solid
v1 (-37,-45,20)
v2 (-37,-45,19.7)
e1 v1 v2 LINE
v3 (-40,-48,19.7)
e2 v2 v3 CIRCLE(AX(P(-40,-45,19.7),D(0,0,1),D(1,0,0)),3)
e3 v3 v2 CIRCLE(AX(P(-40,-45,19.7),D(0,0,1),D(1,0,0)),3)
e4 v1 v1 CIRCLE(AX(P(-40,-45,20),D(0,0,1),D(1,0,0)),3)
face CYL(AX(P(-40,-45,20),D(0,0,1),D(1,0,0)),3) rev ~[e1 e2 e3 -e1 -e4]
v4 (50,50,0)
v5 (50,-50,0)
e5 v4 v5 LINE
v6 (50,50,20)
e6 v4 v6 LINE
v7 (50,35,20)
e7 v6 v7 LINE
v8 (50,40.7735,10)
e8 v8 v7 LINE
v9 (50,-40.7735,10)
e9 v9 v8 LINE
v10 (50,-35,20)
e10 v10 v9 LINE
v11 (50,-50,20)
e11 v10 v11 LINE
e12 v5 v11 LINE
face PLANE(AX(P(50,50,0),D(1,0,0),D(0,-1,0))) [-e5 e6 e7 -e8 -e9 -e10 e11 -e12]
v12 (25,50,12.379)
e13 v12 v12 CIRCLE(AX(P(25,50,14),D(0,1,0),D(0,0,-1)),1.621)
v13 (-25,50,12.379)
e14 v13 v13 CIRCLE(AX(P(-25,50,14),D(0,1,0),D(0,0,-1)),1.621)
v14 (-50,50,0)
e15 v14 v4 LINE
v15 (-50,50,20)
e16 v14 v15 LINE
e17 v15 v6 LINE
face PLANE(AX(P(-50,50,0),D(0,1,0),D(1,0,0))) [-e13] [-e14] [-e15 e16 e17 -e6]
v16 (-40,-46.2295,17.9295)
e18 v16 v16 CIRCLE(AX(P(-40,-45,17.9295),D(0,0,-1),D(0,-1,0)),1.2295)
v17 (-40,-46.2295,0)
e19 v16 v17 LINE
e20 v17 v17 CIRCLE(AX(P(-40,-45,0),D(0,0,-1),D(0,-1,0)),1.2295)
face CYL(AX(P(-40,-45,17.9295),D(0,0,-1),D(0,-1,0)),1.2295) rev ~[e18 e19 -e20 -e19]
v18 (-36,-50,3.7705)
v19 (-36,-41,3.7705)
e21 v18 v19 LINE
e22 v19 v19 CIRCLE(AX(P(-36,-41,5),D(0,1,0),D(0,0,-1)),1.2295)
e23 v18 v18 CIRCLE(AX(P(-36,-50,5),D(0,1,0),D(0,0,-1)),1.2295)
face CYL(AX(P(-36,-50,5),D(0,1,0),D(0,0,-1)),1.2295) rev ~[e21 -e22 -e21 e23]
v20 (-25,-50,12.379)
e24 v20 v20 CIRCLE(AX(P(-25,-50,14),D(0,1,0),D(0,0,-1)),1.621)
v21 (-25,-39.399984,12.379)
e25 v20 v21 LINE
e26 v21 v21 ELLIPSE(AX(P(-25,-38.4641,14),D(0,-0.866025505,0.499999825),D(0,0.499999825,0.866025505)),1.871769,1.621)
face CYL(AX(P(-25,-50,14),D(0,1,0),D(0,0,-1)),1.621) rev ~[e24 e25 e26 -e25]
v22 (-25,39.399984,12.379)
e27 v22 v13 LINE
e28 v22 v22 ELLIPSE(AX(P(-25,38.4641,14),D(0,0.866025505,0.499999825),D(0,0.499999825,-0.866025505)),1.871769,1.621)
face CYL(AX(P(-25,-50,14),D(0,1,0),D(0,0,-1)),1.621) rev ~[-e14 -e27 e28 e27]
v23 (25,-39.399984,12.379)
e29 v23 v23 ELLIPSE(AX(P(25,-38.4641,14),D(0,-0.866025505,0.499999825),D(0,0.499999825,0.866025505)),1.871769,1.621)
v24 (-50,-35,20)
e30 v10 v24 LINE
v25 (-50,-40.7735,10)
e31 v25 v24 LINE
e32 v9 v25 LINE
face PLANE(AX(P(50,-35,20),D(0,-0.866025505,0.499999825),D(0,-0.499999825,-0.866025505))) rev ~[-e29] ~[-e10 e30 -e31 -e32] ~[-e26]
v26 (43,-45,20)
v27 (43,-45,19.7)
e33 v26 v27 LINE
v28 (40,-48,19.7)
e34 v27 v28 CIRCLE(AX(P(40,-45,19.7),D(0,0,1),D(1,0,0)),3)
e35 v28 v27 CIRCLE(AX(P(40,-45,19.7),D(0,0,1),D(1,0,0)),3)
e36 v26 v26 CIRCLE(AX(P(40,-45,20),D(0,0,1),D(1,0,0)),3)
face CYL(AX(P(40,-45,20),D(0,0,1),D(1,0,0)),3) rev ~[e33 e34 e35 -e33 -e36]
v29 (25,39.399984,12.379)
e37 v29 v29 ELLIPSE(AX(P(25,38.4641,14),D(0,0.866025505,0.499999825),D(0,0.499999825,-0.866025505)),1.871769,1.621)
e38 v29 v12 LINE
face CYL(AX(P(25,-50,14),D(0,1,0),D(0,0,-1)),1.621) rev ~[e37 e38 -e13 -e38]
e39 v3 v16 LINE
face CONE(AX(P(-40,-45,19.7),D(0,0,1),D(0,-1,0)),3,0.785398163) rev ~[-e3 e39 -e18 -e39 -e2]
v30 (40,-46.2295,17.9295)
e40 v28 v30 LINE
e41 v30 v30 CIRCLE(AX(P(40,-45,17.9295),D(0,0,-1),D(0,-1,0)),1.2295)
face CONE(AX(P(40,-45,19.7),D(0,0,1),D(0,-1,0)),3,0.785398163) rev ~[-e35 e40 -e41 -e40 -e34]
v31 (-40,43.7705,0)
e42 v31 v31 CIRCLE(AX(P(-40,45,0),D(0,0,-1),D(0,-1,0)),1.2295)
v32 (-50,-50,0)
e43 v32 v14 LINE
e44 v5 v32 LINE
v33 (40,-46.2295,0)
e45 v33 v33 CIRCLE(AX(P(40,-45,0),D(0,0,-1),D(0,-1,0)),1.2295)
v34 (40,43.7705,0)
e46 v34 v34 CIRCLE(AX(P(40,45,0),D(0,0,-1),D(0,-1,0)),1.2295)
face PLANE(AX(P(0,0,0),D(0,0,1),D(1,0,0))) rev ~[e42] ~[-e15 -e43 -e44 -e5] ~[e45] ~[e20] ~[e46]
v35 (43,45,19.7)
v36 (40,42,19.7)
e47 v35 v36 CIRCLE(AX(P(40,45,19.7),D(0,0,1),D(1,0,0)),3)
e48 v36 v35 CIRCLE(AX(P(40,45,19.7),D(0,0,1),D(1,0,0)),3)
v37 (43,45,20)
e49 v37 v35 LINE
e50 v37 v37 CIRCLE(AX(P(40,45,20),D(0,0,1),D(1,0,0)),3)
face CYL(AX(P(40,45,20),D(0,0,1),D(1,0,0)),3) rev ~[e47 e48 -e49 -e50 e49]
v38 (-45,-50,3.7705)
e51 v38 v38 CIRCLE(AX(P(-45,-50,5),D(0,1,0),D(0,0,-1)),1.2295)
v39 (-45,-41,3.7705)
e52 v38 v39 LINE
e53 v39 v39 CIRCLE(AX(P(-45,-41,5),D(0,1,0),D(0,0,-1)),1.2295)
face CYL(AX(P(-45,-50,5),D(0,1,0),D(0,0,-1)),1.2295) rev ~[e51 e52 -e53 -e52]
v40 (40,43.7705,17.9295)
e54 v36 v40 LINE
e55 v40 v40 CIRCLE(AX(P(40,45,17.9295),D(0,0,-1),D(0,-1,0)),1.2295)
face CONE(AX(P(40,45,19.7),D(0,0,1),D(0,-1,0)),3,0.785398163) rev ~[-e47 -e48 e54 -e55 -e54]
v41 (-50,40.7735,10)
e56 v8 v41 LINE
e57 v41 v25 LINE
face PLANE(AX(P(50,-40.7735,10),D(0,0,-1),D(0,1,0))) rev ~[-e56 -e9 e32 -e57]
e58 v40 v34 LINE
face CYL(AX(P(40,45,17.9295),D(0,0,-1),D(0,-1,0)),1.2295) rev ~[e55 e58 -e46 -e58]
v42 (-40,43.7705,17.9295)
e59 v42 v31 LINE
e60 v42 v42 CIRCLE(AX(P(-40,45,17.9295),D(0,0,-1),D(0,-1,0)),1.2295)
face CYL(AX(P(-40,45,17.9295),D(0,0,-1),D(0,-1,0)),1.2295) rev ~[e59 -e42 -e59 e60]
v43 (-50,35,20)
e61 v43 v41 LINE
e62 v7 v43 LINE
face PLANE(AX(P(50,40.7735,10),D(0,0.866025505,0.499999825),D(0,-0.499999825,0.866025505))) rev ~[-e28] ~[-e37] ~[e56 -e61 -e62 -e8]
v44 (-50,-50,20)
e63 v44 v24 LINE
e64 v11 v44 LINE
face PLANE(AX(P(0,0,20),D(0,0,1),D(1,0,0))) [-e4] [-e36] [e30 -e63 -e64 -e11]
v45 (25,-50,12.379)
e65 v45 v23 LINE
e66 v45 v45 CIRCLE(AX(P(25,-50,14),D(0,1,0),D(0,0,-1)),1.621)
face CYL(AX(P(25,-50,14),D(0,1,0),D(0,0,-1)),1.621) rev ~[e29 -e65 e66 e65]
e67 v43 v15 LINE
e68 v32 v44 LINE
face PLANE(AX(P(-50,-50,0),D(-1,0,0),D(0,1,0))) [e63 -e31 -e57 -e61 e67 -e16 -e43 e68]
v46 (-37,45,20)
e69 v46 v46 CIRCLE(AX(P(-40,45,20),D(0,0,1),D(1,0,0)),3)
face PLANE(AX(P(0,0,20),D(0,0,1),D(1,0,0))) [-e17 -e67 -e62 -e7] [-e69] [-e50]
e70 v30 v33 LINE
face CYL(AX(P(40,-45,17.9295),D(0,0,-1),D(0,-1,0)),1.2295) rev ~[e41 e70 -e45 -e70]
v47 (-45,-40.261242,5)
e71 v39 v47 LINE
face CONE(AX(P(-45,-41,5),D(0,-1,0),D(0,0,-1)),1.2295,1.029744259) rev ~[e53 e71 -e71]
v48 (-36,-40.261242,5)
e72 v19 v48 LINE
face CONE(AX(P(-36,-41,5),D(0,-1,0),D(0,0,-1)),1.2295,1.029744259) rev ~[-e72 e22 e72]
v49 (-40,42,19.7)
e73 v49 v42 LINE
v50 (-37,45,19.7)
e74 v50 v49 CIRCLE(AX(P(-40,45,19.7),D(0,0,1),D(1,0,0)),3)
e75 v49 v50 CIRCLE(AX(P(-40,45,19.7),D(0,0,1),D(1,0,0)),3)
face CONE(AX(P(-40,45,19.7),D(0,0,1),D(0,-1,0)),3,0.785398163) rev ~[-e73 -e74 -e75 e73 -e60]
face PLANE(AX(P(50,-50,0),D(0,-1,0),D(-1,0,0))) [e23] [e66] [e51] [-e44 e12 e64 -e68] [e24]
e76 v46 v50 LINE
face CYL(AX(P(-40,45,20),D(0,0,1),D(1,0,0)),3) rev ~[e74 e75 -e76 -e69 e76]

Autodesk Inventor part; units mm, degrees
ref_plane "YZ Plane" through (0, 0, 0) normal (1, 0, 0) x (0, 1, 0)
ref_plane "XZ Plane" through (0, 0, 0) normal (0, 1, 0) x (-1, 0, 0)
ref_plane "XY Plane" through (0, 0, 0) normal (0, 0, 1) x (1, 0, 0)
sketch "Sketch1" plane through (0, 0, 0) normal (0, 0, 1) x (1, 0, 0)
  line L0 (-50, 50) -> (50, 50)
  line L1 (50, 50) -> (50, -50)
  line L2 (50, -50) -> (-50, -50)
  line L3 (-50, -50) -> (-50, 50)
  line L4 (0, 0) -> (0, 10.7298) construction
  line L5 (0, 0) -> (15.4092, 0) construction
  dimension "d0" = 100
  dimension "d1" = 100
extrude "Extrusion1" add sketch "Sketch1" along normal blind 20
sketch "Sketch2" plane through (50, -50, 0) normal (1, 0, 0) x (0, 0, -1)
  line L0 (-20, 100) -> (-20, 0)
  line L1 (-20, 15) -> (-10, 9.2265)
  line L2 (-10, 9.2265) -> (-10, 90.7735)
  line L3 (-10, 90.7735) -> (-20, 85)
  line L4 (0, 0) -> (-20, 0) projected
  line L5 (0, 100) -> (-20, 100) projected
  point P0 (0, 50)
  dimension "d4" = 60
  dimension "d5" = 60
  dimension "d6" = 10
  dimension "d9" = 15
  dimension "d10" = 15
extrude "Extrusion2" cut sketch "Sketch2" against normal blind 115.5
sketch "Sketch4" plane through (0, 0, 20) normal (0, 0, 1) x (1, 0, 0)
  line L0 (-50, -50) -> (50, -50) projected
  line L1 (-50, -35) -> (-50, -50) projected
  line L2 (50, -50) -> (50, -35) projected
  line L3 (-50, 50) -> (-50, 35) projected
  line L4 (50, 50) -> (-50, 50) projected
  line L5 (50, 35) -> (50, 50) projected
  circle A0 centre (-40, -45) radius 3
  circle A1 centre (40, -45) radius 3
  circle A2 centre (-40, 45) radius 3
  circle A3 centre (40, 45) radius 3
  point P0 (0, 0)
  dimension "d28" = 5
  dimension "d29" = 10
  dimension "d30" = 5
  dimension "d31" = 10
  dimension "d32" = 10
  dimension "d33" = 5
  dimension "d34" = 10
  dimension "d35" = 5
  dimension "d36" = 6
  dimension "d37" = 6
  dimension "d38" = 6
  dimension "d39" = 6
extrude "Extrusion3" cut sketch "Sketch4" against normal blind 0.3
sketch "Sketch5" plane through (-40, 45, 19.7) normal (0, 0, 1) x (1, 0, 0)
  circle A0 centre (0, -90) radius 3 projected
  circle A1 centre (0, 0) radius 3 projected
  circle A2 centre (80, 0) radius 3 projected
  circle A3 centre (80, -90) radius 3 projected
  point P0 (40, -45)
hole "Hole2" at (-40, -45, 19.7) at (-40, 45, 19.7) at (40, 45, 19.7) at (40, -45, 19.7) direction (0, 0, -1) diameter 2.459 end through all countersink diameter 6 countersink angle 90 thread size "M3x0.5" class "6H" standard "ISO Metric profile"
sketch "Sketch6" plane through (-50, -50, 0) normal (0, -1, 0) x (1, 0, 0)
  line L0 (0, 20) -> (100, 20) projected
  line L1 (100, 0) -> (0, 0) projected
  line L2 (100, 0) -> (100, 20) projected
  line L3 (0, 0) -> (0, 20) projected
  point P0 (50, 0)
  point P1 (75, 14)
  point P2 (50, 0)
  point P3 (25, 14)
  dimension "d49" = 6
  dimension "d57" = 25
  dimension "d65" = 25
hole "Hole3" at (25, -50, 14) at (-25, -50, 14) direction (0, 1, 0) diameter 3.242 end through all thread size "M4x0.7" class "6H" standard "ISO Metric profile"
sketch "Sketch7" plane through (-50, -50, 0) normal (0, -1, 0) x (1, 0, 0)
  circle A0 centre (14, 5) radius 1.6 projected
  circle A1 centre (5, 5) radius 1.6 projected
  point P0 (50, 0)
hole "Hole4" at (-45, -50, 5) at (-36, -50, 5) direction (0, 1, 0) diameter 2.459 depth 9 tip angle 118 thread size "M3x0.5" class "6H" standard "ISO Metric profile"
properties part number "3d_LM-Welding_Tooling - Upper fixed base" material "Aluminium 6061-T6"
